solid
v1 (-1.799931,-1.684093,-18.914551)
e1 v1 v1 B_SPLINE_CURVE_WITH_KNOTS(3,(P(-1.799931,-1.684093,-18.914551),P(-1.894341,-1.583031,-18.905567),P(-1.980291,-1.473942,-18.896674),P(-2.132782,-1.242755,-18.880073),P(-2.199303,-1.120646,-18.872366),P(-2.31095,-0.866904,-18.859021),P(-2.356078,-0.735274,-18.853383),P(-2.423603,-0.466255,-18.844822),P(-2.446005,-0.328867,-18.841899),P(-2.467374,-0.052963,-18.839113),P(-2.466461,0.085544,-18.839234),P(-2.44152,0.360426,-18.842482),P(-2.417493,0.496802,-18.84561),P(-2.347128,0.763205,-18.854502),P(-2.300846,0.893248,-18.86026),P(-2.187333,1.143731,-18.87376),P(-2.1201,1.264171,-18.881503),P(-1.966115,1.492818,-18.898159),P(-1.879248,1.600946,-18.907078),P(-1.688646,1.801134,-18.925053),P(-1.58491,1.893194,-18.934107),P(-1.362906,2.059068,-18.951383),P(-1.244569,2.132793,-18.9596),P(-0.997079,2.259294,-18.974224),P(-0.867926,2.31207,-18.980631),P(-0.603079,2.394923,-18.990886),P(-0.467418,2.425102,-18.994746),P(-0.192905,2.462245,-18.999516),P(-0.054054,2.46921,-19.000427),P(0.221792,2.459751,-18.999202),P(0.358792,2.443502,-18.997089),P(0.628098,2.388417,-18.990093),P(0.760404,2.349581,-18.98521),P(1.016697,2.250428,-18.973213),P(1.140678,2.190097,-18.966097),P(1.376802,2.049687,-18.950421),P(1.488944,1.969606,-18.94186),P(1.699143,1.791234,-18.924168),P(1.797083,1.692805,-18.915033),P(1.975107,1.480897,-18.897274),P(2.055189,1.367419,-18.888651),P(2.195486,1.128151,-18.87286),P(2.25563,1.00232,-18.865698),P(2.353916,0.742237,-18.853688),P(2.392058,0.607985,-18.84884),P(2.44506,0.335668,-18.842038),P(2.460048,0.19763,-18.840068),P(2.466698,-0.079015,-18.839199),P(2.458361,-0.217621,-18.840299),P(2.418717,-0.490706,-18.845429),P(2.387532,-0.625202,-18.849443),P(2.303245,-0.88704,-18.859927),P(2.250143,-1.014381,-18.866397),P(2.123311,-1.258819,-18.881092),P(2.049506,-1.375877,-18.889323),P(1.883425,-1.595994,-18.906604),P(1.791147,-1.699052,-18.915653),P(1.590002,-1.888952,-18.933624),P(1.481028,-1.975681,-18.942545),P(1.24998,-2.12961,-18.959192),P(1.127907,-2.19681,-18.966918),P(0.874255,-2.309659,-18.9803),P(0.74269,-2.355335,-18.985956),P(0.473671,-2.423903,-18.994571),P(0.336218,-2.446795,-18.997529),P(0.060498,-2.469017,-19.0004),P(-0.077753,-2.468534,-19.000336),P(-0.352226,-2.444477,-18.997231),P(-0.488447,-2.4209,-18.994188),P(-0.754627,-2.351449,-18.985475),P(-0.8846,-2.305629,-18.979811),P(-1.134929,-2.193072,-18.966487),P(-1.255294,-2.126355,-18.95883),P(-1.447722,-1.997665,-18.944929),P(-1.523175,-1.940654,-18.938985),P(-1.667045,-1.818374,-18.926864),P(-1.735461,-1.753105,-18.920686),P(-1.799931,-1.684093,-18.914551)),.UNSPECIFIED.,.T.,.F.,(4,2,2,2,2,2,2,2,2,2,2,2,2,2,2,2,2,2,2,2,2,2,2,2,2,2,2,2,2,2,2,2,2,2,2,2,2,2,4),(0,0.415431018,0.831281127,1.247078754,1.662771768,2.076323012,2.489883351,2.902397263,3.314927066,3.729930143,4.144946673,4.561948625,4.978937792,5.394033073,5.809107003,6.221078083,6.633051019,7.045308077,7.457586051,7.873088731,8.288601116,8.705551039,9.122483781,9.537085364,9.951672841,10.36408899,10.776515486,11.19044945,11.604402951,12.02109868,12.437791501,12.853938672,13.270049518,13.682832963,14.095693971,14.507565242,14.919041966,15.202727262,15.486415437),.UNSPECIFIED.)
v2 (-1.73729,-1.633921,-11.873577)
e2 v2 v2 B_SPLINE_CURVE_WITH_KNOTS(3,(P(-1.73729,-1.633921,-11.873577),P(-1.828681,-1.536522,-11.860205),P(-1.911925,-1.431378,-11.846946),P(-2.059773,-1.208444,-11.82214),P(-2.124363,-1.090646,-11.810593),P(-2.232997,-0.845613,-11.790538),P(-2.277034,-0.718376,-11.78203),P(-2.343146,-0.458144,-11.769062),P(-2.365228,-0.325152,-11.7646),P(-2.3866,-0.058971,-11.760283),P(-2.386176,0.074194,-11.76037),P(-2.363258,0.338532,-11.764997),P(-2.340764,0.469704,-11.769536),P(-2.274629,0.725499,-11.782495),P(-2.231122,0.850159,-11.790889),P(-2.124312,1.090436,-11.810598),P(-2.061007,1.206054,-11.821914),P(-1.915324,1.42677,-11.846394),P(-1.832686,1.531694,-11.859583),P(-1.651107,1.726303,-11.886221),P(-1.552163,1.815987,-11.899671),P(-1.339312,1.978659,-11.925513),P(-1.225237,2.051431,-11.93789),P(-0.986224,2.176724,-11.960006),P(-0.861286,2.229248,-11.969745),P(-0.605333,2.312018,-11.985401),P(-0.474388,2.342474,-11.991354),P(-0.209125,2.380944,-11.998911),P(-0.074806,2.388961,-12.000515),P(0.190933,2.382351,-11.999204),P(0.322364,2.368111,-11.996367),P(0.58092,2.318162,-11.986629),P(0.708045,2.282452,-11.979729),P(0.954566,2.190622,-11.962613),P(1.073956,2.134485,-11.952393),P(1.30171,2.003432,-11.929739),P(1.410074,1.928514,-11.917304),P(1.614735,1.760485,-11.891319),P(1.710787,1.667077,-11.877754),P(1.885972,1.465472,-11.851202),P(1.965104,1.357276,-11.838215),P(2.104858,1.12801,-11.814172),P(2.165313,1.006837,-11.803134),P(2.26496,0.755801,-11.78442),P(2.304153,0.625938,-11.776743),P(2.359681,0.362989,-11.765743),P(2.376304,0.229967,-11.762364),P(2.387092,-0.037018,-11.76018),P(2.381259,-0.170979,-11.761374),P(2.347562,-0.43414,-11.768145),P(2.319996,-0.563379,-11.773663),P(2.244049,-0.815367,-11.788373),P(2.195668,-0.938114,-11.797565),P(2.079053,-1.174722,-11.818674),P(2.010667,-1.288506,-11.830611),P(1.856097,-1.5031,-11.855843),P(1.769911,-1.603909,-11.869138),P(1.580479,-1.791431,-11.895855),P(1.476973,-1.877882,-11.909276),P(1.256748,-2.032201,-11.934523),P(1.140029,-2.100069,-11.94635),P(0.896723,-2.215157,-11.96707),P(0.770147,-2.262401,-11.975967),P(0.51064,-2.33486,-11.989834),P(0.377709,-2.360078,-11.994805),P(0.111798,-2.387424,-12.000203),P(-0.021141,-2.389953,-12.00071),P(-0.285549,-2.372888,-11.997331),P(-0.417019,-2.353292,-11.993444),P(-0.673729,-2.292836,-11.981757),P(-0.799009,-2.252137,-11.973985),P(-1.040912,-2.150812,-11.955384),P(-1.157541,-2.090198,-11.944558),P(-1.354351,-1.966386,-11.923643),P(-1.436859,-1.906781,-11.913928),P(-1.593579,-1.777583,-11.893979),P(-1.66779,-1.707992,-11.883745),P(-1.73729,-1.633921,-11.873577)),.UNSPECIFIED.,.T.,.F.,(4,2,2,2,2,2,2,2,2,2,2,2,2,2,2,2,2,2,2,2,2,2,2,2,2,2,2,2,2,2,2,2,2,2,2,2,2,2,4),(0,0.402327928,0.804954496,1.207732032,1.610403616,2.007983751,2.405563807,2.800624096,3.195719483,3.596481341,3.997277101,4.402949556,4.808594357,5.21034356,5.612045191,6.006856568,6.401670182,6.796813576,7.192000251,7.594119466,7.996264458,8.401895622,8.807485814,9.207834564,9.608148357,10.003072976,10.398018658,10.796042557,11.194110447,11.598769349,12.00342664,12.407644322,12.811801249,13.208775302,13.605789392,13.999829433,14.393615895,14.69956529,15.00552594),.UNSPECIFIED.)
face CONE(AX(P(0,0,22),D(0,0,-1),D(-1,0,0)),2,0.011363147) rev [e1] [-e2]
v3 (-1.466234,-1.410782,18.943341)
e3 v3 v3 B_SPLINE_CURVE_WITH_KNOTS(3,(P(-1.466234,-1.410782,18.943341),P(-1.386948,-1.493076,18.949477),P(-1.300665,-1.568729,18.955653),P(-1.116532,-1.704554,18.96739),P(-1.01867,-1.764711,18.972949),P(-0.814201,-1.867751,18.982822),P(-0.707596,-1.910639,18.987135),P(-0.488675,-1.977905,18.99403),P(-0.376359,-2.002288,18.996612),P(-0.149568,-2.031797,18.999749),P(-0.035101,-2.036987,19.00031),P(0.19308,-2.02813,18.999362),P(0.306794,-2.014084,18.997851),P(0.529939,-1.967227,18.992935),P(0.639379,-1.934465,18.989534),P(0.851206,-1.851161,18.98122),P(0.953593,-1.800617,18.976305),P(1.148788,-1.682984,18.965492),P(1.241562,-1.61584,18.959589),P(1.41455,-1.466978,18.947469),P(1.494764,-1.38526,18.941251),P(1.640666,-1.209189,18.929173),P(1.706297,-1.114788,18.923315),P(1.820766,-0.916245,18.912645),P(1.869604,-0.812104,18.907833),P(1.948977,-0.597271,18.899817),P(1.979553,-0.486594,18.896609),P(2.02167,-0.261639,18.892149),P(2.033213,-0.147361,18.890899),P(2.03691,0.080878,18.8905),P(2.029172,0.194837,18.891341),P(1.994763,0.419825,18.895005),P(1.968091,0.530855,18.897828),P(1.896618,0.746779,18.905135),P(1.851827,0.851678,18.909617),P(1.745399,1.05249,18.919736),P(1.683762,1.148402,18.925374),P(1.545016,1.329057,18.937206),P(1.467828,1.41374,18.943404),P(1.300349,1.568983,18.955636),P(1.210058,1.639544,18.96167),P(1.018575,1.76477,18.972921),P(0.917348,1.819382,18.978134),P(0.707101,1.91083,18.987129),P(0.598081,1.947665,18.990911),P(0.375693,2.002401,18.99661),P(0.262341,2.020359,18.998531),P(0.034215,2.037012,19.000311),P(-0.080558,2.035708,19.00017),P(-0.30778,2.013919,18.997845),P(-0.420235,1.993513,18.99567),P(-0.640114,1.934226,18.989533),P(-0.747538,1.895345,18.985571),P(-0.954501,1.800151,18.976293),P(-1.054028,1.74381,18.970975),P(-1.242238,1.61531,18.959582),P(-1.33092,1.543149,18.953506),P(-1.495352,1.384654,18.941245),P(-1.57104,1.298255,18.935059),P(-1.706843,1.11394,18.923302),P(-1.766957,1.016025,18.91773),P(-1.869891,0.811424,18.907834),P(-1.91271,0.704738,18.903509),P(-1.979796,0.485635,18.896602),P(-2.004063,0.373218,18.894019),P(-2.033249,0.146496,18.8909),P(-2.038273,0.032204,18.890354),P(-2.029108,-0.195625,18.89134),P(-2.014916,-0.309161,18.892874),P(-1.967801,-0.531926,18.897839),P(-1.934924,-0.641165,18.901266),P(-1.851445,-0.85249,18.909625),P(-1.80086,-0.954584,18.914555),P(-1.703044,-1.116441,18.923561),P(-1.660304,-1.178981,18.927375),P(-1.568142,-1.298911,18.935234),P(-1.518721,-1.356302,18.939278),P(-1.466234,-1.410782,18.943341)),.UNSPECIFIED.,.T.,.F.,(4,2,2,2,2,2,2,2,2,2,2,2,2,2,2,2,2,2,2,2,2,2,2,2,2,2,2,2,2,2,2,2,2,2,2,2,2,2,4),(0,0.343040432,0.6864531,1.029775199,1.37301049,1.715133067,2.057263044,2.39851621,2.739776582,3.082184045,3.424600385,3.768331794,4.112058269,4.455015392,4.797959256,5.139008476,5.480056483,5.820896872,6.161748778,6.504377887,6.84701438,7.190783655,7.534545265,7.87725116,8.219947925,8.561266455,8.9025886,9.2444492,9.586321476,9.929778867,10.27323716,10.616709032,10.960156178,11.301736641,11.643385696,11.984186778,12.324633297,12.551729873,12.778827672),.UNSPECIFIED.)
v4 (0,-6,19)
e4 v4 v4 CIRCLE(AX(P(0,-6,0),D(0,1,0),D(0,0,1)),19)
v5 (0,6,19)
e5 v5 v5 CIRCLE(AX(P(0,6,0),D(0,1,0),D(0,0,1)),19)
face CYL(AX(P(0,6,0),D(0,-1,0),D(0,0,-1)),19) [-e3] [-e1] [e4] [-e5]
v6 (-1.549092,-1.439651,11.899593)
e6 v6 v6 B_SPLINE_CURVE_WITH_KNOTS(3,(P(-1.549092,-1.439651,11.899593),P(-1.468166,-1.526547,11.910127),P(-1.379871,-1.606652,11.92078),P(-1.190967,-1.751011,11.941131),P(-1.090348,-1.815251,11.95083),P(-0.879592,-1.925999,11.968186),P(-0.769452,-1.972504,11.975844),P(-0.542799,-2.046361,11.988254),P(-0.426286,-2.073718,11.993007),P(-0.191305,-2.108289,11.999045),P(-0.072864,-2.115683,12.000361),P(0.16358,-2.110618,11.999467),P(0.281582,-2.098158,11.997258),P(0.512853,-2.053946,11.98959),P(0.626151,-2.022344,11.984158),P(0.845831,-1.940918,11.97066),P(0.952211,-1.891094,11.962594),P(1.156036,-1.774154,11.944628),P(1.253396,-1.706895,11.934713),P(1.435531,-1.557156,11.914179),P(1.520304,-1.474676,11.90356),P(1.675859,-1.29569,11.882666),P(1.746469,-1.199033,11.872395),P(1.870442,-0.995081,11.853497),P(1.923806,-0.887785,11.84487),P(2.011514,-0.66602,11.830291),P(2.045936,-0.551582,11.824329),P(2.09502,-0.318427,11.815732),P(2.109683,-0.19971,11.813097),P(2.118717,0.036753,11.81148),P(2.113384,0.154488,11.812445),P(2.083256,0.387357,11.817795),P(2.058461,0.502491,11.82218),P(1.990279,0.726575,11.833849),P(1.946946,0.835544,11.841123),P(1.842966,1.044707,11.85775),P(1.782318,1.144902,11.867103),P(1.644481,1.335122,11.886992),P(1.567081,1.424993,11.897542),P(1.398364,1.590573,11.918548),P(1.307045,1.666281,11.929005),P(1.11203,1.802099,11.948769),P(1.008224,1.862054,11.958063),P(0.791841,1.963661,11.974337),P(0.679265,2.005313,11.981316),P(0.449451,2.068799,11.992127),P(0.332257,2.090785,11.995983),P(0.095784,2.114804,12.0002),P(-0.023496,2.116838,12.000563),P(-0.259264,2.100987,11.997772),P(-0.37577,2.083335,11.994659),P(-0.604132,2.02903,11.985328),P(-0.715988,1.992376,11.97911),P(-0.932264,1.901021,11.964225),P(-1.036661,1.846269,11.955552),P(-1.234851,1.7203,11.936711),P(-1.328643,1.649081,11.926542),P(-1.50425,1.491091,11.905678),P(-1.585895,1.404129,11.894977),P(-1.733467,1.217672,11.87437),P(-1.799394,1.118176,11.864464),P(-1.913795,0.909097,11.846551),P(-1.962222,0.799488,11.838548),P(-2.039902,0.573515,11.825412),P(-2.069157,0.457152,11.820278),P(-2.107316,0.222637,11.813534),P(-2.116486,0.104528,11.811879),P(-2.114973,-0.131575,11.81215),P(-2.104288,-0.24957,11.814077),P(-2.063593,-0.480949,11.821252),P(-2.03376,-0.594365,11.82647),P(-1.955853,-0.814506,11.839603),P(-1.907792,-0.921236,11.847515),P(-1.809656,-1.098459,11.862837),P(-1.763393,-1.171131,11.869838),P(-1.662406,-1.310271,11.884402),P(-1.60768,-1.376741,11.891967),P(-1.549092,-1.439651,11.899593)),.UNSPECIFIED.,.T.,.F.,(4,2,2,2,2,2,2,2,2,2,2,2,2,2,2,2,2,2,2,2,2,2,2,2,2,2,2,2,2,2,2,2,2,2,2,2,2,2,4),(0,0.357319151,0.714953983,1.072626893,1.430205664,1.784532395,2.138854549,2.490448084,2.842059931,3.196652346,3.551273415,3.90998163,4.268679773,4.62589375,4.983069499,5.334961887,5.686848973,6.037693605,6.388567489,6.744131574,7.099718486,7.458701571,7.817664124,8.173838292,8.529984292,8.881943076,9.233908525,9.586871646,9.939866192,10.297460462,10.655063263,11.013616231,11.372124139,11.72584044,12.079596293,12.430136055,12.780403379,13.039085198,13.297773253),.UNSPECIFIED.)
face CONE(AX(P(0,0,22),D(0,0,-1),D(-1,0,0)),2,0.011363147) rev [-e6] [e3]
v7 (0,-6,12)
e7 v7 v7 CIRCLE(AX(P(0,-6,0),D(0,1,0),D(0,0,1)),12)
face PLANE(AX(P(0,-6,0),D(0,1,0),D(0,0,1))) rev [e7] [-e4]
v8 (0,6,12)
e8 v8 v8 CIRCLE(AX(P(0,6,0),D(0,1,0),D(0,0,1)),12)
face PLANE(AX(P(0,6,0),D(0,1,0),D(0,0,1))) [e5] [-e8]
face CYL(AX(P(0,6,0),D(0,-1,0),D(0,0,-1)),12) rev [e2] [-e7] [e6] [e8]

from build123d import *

# Parameters (mm, degrees)
SKETCH1_R           = 19
SKETCH1_R_2         = 12
BOSS_EXTRUDE1_DEPTH = 6


with BuildPart() as part:
    # Sketch1 → Boss-Extrude1 (new body, symmetric)
    with BuildSketch(Plane(origin=(0, 0, 0), x_dir=(1, 0, 0), z_dir=(0, 1, 0))):
        Circle(SKETCH1_R)
        Circle(SKETCH1_R_2, mode=Mode.SUBTRACT)
    extrude(amount=BOSS_EXTRUDE1_DEPTH, both=True)

    # Sketch2 → Cut-Revolve1 (revolve, cut)
    with BuildSketch(Plane(origin=(0, 0, 0), x_dir=(1, 0, 0), z_dir=(0, 1, 0))):
        Polygon((0, 22), (0, -22), (2, -22), (2.5, 22), align=None)
    revolve(axis=Axis((0, 0, -26.003072041), (0, 0, 1)), mode=Mode.SUBTRACT)


solid = part.part
